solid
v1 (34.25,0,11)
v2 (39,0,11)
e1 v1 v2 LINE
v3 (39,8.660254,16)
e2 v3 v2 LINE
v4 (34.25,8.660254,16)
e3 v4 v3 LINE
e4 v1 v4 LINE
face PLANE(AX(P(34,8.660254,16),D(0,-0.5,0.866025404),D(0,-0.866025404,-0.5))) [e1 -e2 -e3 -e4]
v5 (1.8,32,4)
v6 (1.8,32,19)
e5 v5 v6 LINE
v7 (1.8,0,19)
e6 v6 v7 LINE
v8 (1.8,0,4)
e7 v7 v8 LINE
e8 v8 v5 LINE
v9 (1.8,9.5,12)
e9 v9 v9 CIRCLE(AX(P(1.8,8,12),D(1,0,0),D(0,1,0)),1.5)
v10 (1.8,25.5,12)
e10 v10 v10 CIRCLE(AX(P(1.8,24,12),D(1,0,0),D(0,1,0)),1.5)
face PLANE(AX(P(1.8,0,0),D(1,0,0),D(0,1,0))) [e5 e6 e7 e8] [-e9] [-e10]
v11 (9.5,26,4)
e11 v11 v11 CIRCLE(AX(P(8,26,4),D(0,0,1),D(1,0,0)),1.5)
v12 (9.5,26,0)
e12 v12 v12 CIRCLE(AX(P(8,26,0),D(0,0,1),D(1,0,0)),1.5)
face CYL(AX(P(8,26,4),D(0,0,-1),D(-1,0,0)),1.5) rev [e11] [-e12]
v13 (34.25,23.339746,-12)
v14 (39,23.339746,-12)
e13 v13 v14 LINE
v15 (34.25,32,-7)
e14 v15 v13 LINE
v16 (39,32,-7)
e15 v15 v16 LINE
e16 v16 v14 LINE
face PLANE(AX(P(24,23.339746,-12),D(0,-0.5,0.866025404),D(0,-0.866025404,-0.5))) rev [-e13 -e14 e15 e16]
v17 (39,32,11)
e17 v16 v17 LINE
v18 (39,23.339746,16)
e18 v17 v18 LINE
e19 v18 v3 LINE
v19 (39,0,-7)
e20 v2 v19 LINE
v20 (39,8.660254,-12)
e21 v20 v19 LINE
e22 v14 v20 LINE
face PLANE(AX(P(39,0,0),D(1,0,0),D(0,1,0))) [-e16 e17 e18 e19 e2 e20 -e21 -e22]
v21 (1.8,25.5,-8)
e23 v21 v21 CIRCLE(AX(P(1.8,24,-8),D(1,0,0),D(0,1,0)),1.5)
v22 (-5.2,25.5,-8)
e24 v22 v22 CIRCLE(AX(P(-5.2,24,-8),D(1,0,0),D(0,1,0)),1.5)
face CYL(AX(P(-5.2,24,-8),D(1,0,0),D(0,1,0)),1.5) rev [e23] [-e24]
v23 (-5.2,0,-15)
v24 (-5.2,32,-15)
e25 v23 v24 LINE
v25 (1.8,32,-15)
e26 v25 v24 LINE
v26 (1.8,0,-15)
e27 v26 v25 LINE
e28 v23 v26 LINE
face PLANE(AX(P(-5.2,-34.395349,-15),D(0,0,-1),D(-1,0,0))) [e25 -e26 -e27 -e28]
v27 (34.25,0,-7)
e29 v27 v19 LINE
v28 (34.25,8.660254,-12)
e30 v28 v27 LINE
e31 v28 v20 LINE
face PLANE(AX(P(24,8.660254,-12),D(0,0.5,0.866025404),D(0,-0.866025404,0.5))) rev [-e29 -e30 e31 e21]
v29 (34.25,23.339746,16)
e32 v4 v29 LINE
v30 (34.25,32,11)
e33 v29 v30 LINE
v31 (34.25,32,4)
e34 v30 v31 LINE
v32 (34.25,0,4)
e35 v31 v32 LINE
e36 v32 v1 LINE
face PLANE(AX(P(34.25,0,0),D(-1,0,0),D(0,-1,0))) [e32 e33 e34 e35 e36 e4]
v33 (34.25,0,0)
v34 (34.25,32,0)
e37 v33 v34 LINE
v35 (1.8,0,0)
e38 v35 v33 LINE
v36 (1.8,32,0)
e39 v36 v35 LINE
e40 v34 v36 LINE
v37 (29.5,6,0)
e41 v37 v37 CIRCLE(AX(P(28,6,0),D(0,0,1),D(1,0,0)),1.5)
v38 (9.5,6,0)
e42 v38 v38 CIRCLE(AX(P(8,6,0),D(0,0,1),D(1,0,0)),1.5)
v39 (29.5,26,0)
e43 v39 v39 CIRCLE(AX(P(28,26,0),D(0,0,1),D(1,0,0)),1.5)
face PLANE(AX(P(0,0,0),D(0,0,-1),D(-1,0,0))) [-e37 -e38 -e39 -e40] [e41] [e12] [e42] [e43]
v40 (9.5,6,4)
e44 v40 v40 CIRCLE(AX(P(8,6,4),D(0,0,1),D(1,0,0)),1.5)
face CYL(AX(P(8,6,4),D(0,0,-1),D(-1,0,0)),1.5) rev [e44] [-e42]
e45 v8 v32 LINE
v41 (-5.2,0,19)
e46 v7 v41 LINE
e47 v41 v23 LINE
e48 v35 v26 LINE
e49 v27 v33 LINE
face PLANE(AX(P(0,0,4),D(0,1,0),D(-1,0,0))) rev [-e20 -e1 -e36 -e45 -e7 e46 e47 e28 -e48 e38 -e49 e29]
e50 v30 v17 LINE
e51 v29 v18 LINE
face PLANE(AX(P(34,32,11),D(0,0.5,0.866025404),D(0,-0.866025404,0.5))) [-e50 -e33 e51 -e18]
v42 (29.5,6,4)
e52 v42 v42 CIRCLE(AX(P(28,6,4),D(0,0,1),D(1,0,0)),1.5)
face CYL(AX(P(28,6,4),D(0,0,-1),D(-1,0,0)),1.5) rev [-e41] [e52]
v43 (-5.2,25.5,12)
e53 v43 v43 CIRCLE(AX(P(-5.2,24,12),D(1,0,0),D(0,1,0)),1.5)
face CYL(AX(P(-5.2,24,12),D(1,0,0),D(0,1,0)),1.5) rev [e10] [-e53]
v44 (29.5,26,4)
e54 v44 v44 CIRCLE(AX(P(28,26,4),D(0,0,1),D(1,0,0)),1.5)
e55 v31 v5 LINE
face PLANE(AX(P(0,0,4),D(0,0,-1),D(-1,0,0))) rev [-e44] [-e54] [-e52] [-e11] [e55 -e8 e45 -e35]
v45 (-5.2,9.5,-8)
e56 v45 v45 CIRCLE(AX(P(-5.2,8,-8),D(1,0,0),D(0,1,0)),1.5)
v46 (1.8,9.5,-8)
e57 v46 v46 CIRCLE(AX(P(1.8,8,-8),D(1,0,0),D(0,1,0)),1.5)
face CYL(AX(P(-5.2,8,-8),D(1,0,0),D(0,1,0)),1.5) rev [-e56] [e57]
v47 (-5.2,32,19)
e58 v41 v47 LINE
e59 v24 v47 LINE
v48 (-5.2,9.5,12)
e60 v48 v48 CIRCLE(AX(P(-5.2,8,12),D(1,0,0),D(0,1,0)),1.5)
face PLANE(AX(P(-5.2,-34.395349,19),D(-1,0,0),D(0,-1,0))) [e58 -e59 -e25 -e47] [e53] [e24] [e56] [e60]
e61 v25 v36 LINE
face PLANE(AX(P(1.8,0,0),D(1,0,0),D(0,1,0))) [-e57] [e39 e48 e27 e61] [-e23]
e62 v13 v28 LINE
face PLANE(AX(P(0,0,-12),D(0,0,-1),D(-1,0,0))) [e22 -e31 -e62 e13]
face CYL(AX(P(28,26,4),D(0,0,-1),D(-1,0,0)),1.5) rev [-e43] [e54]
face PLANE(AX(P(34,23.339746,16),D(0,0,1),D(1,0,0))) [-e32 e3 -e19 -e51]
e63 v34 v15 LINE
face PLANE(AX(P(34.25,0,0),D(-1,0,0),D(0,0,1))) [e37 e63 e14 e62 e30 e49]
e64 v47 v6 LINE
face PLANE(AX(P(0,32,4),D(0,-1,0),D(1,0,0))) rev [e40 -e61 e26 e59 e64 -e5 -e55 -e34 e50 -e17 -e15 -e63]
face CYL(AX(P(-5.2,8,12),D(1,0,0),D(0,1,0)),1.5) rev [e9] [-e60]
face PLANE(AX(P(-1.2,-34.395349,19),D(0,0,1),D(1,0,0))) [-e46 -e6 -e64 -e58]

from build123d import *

# Parameters (mm, degrees)
SKETCH_1_W          = 36
SKETCH_1_H          = 32
SKETCH_1_R          = 1.5
EXTRUDE_1_DEPTH     = 4
EXTRUDE_2_DEPTH     = 32
SKETCH_8_R          = 1.5
CUT_EXTRUDE_1_DEPTH = 5
SKETCH1_W           = 4
SKETCH1_H           = 32
BOSS_EXTRUDE1_DEPTH = 3
SKETCH2_W           = 5
SKETCH2_H           = 32
BOSS_EXTRUDE2_DEPTH = 12
CUT_EXTRUDE1_DEPTH  = 5
BOSS_EXTRUDE5_DEPTH = 5
SKETCH7_W           = 15
SKETCH7_H           = 32
SKETCH7_R           = 1.5
BOSS_EXTRUDE6_DEPTH = 3
CUT_EXTRUDE2_DEPTH  = 0.25


with BuildPart() as part:
    # Эскиз1 → Бобышка-Вытянуть1 (new body)
    with BuildSketch(Plane.XY):
        with Locations((18, 16)):
            Rectangle(SKETCH_1_W, SKETCH_1_H)
        with Locations((8, 26)):
            Circle(SKETCH_1_R, mode=Mode.SUBTRACT)
        with Locations((28, 26)):
            Circle(SKETCH_1_R, mode=Mode.SUBTRACT)
        with Locations((8, 6)):
            Circle(SKETCH_1_R, mode=Mode.SUBTRACT)
        with Locations((28, 6)):
            Circle(SKETCH_1_R, mode=Mode.SUBTRACT)
    extrude(amount=EXTRUDE_1_DEPTH)

    # Эскиз7 → Бобышка-Вытянуть2 (add)
    with BuildSketch(Plane(origin=(0, 32, 0), x_dir=(1, 0, 0), z_dir=(0, 1, 0))):
        Polygon((0, 0), (-1.2, 0), (-1.2, 15), (-5.2, 15), (-5.2, -19), (-1.2, -19), (-1.2, -4), (0, -4), align=None)
    extrude(amount=-EXTRUDE_2_DEPTH)

    # Эскиз8 → Вырез-Вытянуть1 (cut, through all)
    with BuildSketch(Plane(origin=(-1.2, 0, 0), x_dir=(0, 0, -1), z_dir=(1, 0, 0))):
        with Locations((8, 24)):
            Circle(SKETCH_8_R)
        with Locations((8, 8)):
            Circle(SKETCH_8_R)
        with Locations((-12, 8)):
            Circle(SKETCH_8_R)
        with Locations((-12, 24)):
            Circle(SKETCH_8_R)
    extrude(amount=-CUT_EXTRUDE_1_DEPTH, mode=Mode.SUBTRACT)

    # Sketch1 → Boss-Extrude1 (add)
    with BuildSketch(Plane(origin=(36, 0, 0), x_dir=(0, 0, -1), z_dir=(1, 0, 0))):
        with Locations((-2, 16)):
            Rectangle(SKETCH1_W, SKETCH1_H)
    extrude(amount=BOSS_EXTRUDE1_DEPTH)

    # Sketch2 → Boss-Extrude2 (add)
    with BuildSketch(Plane(origin=(0, 0, 0), x_dir=(-1, 0, 0), z_dir=(0, 0, -1))):
        with Locations((-36.5, 16)):
            Rectangle(SKETCH2_W, SKETCH2_H)
    extrude(amount=BOSS_EXTRUDE2_DEPTH)

    # Sketch3 → Cut-Extrude1 (cut)
    with BuildSketch(Plane(origin=(39, 0, 0), x_dir=(0, 0, -1), z_dir=(1, 0, 0))):
        Polygon((7, 32), (12, 32), (12, 23.339745962), align=None)
        Polygon((12, 8.660254038), (7, 0), (12, 0), align=None)
    extrude(amount=-CUT_EXTRUDE1_DEPTH, mode=Mode.SUBTRACT)

    # Sketch6 → Boss-Extrude5 (add)
    with BuildSketch(Plane(origin=(39, 0, 0), x_dir=(0, 0, -1), z_dir=(1, 0, 0))):
        Polygon((-16, 8.660254038), (-11, 0), (-4, 0), (-4, 32), (-11, 32), (-16, 23.339745962), align=None)
    extrude(amount=-BOSS_EXTRUDE5_DEPTH)

    # Sketch7 → Boss-Extrude6 (add)
    with BuildSketch(Plane(origin=(-1.2, 0, 0), x_dir=(0, 0, -1), z_dir=(1, 0, 0))):
        with Locations((7.5, 16)):
            Rectangle(SKETCH7_W, SKETCH7_H)
        with Locations((8, 24)):
            Circle(SKETCH7_R, mode=Mode.SUBTRACT)
        with Locations((8, 8)):
            Circle(SKETCH7_R, mode=Mode.SUBTRACT)
        with Locations((-11.5, 16)):
            Rectangle(SKETCH7_W, SKETCH7_H)
        with Locations((-12, 24)):
            Circle(SKETCH7_R, mode=Mode.SUBTRACT)
        with Locations((-12, 8)):
            Circle(SKETCH7_R, mode=Mode.SUBTRACT)
    extrude(amount=BOSS_EXTRUDE6_DEPTH)

    # Sketch8 → Cut-Extrude2 (cut)
    with BuildSketch(Plane.ZY.offset(-34)):
        Polygon((-12, 23.339745962), (-12, 8.660254038), (-7, 0), (0, 0), (0, 32), (-7, 32), align=None)
        Polygon((4, 32), (4, 0), (11, 0), (16, 8.660254038), (16, 23.339745962), (11, 32), align=None)
    extrude(amount=-CUT_EXTRUDE2_DEPTH, mode=Mode.SUBTRACT)


solid = part.part
